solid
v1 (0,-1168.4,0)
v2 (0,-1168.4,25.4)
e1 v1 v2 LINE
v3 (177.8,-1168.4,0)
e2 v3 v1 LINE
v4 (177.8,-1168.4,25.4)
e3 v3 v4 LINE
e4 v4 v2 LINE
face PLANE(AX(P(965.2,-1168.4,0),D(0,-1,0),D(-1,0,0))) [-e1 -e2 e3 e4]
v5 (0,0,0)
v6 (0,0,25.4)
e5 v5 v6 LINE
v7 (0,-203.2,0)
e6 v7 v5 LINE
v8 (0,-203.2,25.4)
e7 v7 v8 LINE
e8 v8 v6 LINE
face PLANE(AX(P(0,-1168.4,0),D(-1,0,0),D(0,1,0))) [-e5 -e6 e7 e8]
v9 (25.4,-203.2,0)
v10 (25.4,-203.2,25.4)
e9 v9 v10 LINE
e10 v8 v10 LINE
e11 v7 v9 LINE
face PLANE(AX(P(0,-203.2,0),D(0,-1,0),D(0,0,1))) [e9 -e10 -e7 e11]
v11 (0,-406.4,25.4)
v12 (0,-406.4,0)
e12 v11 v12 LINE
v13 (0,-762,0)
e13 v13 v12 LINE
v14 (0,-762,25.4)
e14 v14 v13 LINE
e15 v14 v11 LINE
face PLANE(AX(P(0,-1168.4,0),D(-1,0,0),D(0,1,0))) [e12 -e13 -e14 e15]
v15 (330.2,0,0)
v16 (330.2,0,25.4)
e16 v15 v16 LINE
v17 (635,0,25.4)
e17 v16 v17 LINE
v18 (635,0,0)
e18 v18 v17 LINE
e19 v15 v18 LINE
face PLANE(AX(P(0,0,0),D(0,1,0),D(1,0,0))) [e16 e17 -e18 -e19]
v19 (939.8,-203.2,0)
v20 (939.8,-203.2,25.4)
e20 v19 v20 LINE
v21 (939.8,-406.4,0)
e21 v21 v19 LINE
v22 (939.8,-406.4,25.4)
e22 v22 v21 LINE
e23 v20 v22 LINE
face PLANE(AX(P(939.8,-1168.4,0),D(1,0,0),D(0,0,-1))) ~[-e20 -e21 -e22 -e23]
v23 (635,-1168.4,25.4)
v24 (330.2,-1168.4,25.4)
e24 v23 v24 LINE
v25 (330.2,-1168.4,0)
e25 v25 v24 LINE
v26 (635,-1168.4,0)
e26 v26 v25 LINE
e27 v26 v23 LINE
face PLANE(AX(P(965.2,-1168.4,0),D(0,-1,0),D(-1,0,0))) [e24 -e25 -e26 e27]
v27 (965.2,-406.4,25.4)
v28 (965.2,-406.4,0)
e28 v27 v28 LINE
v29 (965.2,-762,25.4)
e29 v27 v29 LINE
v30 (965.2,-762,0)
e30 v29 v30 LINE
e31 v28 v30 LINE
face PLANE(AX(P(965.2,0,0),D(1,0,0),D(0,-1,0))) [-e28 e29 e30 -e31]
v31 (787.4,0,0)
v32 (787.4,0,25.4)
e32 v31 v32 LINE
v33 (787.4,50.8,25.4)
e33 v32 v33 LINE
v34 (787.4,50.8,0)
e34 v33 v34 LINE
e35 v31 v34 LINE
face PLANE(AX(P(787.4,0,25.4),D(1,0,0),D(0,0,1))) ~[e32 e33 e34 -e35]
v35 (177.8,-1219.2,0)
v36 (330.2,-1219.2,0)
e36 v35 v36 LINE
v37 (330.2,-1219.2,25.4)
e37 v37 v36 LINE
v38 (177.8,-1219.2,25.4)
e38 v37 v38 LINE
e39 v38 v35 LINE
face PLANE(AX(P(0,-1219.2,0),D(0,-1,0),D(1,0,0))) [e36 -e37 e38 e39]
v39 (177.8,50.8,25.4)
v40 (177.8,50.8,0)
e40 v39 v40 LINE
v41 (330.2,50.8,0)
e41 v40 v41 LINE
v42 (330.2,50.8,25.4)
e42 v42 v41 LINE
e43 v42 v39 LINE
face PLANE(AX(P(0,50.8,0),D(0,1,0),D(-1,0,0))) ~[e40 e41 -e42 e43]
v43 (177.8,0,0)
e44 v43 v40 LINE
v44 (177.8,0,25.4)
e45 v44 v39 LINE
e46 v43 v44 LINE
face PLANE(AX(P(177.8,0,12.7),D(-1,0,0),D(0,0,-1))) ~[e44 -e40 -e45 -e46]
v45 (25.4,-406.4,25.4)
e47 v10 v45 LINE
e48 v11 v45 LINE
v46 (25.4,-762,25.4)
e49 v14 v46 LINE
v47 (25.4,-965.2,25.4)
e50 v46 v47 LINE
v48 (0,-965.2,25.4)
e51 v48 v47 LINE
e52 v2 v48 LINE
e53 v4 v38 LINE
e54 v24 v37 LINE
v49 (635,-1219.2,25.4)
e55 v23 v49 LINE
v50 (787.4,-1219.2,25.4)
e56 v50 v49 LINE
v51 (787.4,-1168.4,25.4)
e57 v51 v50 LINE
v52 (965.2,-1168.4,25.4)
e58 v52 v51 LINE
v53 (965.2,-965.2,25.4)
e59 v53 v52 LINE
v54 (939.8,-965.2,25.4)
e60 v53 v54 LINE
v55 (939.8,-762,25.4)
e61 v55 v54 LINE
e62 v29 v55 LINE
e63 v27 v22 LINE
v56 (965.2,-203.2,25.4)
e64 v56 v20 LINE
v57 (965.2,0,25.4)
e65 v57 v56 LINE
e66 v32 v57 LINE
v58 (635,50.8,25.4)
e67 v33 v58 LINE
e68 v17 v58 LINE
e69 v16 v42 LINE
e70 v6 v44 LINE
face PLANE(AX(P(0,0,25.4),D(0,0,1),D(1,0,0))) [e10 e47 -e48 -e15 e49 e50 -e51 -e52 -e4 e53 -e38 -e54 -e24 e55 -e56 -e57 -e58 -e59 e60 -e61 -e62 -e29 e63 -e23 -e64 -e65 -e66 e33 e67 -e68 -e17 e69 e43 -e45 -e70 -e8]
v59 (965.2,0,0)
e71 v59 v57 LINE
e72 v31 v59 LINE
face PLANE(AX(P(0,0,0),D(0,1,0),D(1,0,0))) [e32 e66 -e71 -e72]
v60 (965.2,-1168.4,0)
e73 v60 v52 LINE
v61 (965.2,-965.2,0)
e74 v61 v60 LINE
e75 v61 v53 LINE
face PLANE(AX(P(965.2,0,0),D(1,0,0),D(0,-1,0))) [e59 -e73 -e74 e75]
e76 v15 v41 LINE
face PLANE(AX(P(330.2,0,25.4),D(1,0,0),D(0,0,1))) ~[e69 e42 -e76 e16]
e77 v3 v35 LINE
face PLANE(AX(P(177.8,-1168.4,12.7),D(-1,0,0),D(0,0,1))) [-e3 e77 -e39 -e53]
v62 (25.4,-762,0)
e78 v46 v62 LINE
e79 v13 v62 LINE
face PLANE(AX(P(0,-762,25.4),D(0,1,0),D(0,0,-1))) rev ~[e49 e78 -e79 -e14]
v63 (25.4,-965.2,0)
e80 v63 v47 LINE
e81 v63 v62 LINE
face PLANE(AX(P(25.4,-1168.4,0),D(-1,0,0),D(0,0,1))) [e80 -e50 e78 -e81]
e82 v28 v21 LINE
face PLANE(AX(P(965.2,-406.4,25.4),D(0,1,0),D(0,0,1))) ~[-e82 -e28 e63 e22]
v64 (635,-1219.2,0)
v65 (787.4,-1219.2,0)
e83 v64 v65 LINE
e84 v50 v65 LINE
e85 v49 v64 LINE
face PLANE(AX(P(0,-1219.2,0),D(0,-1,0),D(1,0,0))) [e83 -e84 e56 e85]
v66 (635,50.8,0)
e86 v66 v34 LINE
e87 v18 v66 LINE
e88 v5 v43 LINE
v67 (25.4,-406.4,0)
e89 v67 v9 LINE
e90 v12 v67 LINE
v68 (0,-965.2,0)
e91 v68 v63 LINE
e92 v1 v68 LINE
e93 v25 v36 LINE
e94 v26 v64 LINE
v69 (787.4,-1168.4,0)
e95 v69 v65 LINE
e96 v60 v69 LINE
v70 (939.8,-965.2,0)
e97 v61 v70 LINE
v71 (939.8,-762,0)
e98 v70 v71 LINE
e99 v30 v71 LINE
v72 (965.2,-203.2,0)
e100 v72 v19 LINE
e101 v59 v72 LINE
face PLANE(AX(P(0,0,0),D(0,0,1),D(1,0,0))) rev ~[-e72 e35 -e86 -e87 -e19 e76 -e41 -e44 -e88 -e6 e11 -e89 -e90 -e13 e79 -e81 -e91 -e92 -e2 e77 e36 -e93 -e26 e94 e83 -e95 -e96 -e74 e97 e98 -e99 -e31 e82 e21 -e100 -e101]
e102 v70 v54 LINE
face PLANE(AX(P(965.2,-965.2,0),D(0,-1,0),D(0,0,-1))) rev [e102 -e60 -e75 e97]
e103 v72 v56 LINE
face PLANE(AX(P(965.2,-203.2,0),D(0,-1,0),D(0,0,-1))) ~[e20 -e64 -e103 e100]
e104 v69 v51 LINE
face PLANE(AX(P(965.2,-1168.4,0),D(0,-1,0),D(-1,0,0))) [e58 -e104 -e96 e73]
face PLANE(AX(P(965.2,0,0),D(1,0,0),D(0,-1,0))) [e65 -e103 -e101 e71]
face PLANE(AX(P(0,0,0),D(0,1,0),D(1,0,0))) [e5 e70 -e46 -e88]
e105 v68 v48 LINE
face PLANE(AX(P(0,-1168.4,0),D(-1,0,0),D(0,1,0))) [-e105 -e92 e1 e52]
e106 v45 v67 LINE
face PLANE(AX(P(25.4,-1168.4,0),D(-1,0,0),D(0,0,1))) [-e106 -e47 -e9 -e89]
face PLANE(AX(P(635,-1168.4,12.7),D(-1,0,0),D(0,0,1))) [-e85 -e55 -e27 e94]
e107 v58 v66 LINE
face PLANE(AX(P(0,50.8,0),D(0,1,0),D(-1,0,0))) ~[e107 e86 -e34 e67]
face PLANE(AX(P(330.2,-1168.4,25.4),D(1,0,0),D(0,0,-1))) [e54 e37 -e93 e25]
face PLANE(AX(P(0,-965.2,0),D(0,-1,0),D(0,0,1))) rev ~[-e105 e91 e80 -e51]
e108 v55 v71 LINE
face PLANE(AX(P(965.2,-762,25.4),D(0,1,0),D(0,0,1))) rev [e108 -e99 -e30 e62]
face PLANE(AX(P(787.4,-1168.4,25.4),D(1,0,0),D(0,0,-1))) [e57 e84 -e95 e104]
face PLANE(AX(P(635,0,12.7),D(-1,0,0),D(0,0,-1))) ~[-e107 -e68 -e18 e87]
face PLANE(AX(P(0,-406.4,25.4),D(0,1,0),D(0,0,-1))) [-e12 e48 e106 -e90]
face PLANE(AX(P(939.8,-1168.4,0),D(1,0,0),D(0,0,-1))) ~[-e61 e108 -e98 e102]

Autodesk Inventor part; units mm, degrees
ref_plane "YZ Plane" through (0, 0, 0) normal (1, 0, 0) x (0, 1, 0)
sketch "Sketch1" plane through (0, 0, 0) normal (0, 0, 1) x (1, 0, 0)
  line L0 (0, 0) -> (965.2, 0)
  line L1 (965.2, 0) -> (965.2, -1168.4)
  line L2 (965.2, -1168.4) -> (0, -1168.4)
  line L3 (0, -1168.4) -> (0, 0)
  dimension "d0" = 965.2
  dimension "d1" = 1168.4
extrude "Extrusion1" add sketch "Sketch1" along normal blind 25.4
sketch "Sketch2" plane through (0, -1168.4, 0) normal (0, -1, 0) x (1, 0, 0)
  line L0 (965.2, 25.4) -> (0, 25.4) projected
  line L1 (0, 0) -> (965.2, 0) projected
  line L2 (177.8, 25.4) -> (330.2, 25.4)
  line L3 (330.2, 25.4) -> (330.2, 0)
  line L4 (330.2, 0) -> (177.8, 0)
  line L5 (177.8, 0) -> (177.8, 25.4)
  line L6 (177.8, 12.7) -> (330.2, 12.7)
  line L7 (635, 25.4) -> (787.4, 25.4)
  line L8 (787.4, 25.4) -> (787.4, 0)
  line L9 (787.4, 0) -> (635, 0)
  line L10 (635, 0) -> (635, 25.4)
  line L11 (635, 12.7) -> (787.4, 12.7)
  line L12 (787.4, 12.7) -> (965.2, 12.7)
  line L13 (965.2, 0) -> (965.2, 25.4) projected
  line L14 (965.2, 0) -> (0, 0) projected
  line L15 (965.2, 0) -> (965.2, 25.4) projected
  line L16 (0, 25.4) -> (965.2, 25.4) projected
  line L17 (0, 0) -> (0, 25.4) projected
  line L18 (177.8, 12.7) -> (0, 12.7)
  line L19 (0, 0) -> (0, 25.4) projected
  dimension "d4" = 152.4
  dimension "d5" = 177.8
extrude "Extrusion2" add sketch "Sketch2" along normal blind 50.8 contours L8 L11 L10 L0 | L8 L1 L10 L11 | L3 L6 L5 L0 | L3 L1 L5 L6
sketch "Sketch3" plane through (0, -1168.4, 0) normal (-1, 0, 0) x (0, 0, 1)
  line L0 (0, 0) -> (0, 1168.4) projected
  line L1 (0, 0) -> (25.4, 0) projected
  line L2 (25.4, 1168.4) -> (25.4, 0) projected
  line L3 (0, 1168.4) -> (25.4, 1168.4) projected
  line L4 (25.4, 1168.4) -> (25.4, 0) projected
  line L5 (0, 203.2) -> (25.4, 203.2)
  line L6 (25.4, 203.2) -> (25.4, 406.4)
  line L7 (25.4, 406.4) -> (0, 406.4)
  line L8 (0, 406.4) -> (0, 203.2)
  line L9 (0, 0) -> (0, 1168.4) projected
  line L10 (0, 965.2) -> (25.4, 965.2)
  line L11 (25.4, 965.2) -> (25.4, 762)
  line L12 (25.4, 762) -> (0, 762)
  line L13 (0, 762) -> (0, 965.2)
  dimension "d8" = 203.2
  dimension "d9" = 203.2
  dimension "d12" = 355.6
  dimension "d13" = 203.2
extrude "Extrusion3" cut sketch "Sketch3" against normal blind 25.4 contours L0 L7 L2 L5 | L0 L10 L2 L12
ref_plane "Work Plane1" through (482.6, 0, 0) normal (-1, 0, 0) x (0, 0, 1)
mirror "Mirror1" about plane through (482.6, 0, 0) normal (-1, 0, 0) of "Extrusion3"
ref_plane "Work Plane2" through (330.2, -584.2, 0) normal (0, -1, 0) x (1, 0, 0)
mirror "Mirror2" about plane through (330.2, -584.2, 0) normal (0, -1, 0) of "Extrusion2"
properties part number "rev1 small wall"
